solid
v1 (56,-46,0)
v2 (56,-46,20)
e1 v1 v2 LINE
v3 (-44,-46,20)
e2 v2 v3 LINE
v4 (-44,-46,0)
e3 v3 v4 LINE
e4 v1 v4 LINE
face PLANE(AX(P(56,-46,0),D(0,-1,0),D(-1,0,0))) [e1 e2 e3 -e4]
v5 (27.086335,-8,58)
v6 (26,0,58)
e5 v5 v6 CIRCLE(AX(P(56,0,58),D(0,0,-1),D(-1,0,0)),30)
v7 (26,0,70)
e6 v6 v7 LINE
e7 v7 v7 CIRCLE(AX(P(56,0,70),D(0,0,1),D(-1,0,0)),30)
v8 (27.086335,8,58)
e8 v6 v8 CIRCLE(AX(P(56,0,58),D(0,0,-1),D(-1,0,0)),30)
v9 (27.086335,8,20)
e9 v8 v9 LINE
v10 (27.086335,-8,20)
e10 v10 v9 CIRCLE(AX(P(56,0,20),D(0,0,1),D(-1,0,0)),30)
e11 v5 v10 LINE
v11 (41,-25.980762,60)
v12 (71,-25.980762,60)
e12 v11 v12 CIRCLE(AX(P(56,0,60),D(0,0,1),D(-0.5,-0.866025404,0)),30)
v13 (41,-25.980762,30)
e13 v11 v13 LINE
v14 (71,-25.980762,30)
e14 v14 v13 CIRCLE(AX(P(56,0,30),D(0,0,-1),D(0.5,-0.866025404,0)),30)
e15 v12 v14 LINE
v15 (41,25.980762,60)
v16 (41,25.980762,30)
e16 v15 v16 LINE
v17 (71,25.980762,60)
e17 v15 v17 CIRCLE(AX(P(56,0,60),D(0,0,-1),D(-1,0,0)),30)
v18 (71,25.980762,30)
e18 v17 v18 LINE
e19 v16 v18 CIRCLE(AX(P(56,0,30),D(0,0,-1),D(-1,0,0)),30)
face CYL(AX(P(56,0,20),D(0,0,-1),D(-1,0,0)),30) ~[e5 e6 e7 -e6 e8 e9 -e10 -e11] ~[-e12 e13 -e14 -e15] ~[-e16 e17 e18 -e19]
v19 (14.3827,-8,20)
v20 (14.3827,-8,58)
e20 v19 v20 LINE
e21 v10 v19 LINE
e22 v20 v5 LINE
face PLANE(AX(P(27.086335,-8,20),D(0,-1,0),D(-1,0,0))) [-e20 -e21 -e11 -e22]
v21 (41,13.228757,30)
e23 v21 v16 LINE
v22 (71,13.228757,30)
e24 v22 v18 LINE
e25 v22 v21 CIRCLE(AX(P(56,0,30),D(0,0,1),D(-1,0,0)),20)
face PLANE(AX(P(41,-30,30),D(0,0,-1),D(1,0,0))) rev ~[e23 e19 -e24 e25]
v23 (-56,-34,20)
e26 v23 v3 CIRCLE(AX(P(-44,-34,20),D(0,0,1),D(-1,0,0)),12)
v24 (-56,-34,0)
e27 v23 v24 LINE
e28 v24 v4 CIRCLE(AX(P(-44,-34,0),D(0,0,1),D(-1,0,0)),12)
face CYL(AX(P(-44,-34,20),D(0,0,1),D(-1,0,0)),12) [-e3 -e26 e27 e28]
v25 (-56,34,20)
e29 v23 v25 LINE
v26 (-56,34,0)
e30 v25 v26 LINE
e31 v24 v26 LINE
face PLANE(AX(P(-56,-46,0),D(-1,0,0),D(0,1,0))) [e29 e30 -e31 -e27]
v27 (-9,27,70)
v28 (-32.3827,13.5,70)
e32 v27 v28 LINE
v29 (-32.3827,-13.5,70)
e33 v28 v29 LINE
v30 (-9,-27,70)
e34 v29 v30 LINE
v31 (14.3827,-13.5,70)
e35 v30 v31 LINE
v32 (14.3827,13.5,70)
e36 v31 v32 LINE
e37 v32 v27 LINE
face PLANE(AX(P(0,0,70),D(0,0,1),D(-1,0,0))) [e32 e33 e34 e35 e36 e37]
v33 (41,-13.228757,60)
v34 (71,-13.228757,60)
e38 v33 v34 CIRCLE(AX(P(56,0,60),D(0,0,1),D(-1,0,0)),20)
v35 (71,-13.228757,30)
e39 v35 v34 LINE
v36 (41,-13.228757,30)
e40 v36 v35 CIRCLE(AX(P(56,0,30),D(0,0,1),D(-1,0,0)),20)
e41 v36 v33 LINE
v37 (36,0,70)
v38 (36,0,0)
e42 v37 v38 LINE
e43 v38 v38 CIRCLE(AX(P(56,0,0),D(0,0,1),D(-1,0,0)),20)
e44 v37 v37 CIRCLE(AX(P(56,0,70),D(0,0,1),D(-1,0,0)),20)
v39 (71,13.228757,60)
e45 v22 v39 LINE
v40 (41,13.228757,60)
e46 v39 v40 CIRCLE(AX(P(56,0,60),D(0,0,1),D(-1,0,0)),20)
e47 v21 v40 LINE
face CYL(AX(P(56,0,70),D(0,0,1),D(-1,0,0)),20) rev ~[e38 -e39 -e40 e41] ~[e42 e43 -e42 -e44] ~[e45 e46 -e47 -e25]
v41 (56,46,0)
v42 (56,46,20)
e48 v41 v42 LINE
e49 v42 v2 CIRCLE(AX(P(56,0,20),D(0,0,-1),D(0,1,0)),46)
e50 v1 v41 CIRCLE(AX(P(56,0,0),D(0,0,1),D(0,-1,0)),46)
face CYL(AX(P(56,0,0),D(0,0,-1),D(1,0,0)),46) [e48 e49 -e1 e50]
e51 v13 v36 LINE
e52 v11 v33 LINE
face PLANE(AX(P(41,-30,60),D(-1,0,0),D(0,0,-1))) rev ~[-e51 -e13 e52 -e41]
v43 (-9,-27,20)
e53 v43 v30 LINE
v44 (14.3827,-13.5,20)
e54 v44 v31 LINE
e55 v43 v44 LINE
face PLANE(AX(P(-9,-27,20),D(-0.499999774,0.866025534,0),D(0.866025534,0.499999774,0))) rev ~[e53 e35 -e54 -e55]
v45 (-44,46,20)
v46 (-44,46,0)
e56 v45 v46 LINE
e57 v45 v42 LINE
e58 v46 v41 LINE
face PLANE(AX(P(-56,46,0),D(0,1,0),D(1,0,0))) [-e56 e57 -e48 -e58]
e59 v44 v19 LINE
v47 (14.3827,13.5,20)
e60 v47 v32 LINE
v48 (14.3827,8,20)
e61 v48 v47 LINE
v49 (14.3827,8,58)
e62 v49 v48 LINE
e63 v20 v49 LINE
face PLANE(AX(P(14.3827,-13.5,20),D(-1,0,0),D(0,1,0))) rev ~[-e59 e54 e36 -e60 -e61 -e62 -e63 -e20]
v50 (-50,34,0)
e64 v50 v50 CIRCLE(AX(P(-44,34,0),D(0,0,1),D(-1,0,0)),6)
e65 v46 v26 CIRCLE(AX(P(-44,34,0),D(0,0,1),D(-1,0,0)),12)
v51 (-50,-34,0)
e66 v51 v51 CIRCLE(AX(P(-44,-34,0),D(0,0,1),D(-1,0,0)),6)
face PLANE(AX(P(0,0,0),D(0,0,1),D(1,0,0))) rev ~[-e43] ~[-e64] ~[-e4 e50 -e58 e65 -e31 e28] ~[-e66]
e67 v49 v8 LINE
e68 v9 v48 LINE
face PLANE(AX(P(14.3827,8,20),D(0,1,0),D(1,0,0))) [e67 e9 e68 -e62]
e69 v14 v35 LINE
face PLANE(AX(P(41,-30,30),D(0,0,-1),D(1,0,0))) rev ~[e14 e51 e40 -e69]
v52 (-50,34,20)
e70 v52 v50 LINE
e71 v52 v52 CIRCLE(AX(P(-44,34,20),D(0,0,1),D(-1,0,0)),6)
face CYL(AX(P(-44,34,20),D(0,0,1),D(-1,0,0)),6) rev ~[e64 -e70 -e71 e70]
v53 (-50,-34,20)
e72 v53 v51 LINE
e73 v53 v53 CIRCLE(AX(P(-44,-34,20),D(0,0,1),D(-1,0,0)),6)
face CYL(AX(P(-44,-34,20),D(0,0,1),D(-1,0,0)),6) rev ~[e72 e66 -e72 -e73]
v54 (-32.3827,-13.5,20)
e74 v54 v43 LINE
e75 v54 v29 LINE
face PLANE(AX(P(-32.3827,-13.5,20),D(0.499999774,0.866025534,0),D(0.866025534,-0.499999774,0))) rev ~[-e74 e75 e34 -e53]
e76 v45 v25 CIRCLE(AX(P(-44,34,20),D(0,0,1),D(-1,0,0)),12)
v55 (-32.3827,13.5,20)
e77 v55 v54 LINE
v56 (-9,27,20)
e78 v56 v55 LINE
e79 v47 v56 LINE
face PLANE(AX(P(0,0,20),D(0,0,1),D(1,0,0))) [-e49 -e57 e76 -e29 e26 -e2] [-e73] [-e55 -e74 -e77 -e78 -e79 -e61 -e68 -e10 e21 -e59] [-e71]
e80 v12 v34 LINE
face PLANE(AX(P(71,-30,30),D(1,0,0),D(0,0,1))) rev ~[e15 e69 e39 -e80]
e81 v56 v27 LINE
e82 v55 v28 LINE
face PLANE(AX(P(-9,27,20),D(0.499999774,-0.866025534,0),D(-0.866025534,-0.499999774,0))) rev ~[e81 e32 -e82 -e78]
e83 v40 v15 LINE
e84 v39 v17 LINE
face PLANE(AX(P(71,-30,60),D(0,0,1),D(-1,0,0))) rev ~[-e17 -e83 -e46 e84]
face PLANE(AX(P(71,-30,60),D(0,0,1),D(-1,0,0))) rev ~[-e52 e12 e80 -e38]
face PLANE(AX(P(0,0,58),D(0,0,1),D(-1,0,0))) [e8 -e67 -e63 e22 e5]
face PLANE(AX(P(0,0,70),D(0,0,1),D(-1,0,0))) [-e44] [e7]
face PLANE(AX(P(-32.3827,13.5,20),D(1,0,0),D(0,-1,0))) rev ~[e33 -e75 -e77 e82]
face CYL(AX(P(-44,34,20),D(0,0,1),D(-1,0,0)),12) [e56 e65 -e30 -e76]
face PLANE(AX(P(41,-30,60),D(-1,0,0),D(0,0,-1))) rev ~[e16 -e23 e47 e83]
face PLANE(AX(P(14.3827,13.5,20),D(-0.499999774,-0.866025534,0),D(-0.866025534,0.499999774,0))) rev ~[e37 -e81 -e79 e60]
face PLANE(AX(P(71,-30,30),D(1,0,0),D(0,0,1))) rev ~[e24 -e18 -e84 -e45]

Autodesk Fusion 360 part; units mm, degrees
sketch "Sketch1" plane through (0, 0, 0) normal (0, 0, 1) x (1, 0, 0)
  line L0 (-56, 46) -> (56, 46)
  line L1 (56, 46) -> (56, -46)
  line L2 (56, -46) -> (-56, -46)
  line L3 (-56, -46) -> (-56, 46)
  line L4 (-56, 46) -> (56, -46) construction
  line L5 (56, 46) -> (-56, -46) construction
  dimension "d1" = 92
  dimension "d2" = 112
extrude "Extrude1" add sketch "Sketch1" along normal blind 20
sketch "Sketch2" plane through (0, 0, 0) normal (0, 0, -1) x (1, 0, 0)
  line L0 (56, 46) -> (-56, 46)
  line L1 (-56, 46) -> (-56, -46)
  line L2 (-56, -46) -> (56, -46)
  line L3 (56, -46) -> (56, 46)
  circle A0 centre (56, 0) radius 46
  dimension "d5" = 92
extrude "Extrude2" add sketch "Sketch2" against normal blind 20 contours L3 A0 picked at (67.5882, 10.0412)
sketch "Sketch3" plane through (0, 0, 20) normal (0, 0, 1) x (-1, 0, 0)
  line L0 (56, 46) -> (-56, 46)
  arc A0 (-56, 46) -> (-56, -46) centre (-56, 0) ccw
  line L1 (-56, -46) -> (56, -46)
  line L2 (56, -46) -> (56, 46)
  circle A1 centre (-56, 0) radius 30
  dimension "d8" = 60
extrude "Extrude3" add sketch "Sketch3" along normal blind 50 contours A1
ref_plane "WorkPlane1" through (56, -30, 48.1933) normal (0, -1, 0) x (-1, 0, 0)
sketch "Sketch4" plane through (56, -30, 48.1933) normal (0, -1, 0) x (1, 0, 0)
  line L0 (30, 21.8067) -> (-30, 21.8067)
  line L1 (0, -48.1933) -> (46, -48.1933)
  line L2 (46, -28.1933) -> (30, -28.1933)
  line L3 (-112, -48.1933) -> (-112, -28.1933)
  line L4 (-112, -48.1933) -> (0, -48.1933)
  line L5 (-30, -28.1933) -> (-112, -28.1933)
  line L6 (30, -28.1933) -> (30, 21.8067)
  line L7 (-30, -28.1933) -> (-30, 21.8067)
  line L8 (46, -48.1933) -> (46, -28.1933)
  line L9 (0, 21.8067) -> (0, 11.8067) construction
  line L10 (0, 11.8067) -> (0, -3.1933) construction
  line L11 (15, 11.8067) -> (-15, 11.8067)
  line L12 (-15, 11.8067) -> (-15, -18.1933)
  line L13 (-15, -18.1933) -> (15, -18.1933)
  line L14 (15, -18.1933) -> (15, 11.8067)
  line L15 (15, 11.8067) -> (-15, -18.1933) construction
  line L16 (-15, 11.8067) -> (15, -18.1933) construction
  point P0 (0, -3.1933)
  dimension "d12" = 10
  dimension "d13" = 15
  dimension "d14" = 30
  dimension "d15" = 30
extrude "Extrude4" cut sketch "Sketch4" against normal blind 100 contours L11 L12 L13 L14
sketch "Sketch5" plane through (0, 0, 70) normal (0, 0, 1) x (-1, 0, 0)
  circle A0 centre (-56, 0) radius 30
  circle A1 centre (-56, 0) radius 20
  dimension "d18" = 40
extrude "Extrude5" cut sketch "Sketch5" against normal blind 120 contours A1
sketch "Sketch6" plane through (0, 0, 20) normal (0, 0, 1) x (-1, 0, 0)
  circle A0 centre (-56, 0) radius 30
  line L0 (56, 46) -> (-56, 46)
  arc A1 (-56, 46) -> (-56, -46) centre (-56, 0) ccw
  line L1 (-56, -46) -> (56, -46)
  line L2 (56, -46) -> (56, 46)
  line L3 (56, -46) -> (56, -34) construction
  line L4 (56, -34) -> (44, -34) construction
  circle A2 centre (44, -34) radius 12
  line L5 (56, 46) -> (56, 34) construction
  line L6 (56, 34) -> (44, 34) construction
  circle A3 centre (44, 34) radius 12
  circle A4 centre (44, 34) radius 6
  circle A5 centre (44, -34) radius 6
  dimension "d21" = 12
  dimension "d22" = 12
  dimension "d23" = 24
  dimension "d24" = 12
  dimension "d25" = 12
  dimension "d26" = 24
  dimension "d27" = 12
  dimension "d28" = 12
extrude "Extrude6" cut sketch "Sketch6" against normal blind 30 contours A4 | A5
sketch "Sketch7" plane through (0, 0, 20) normal (0, 0, 1) x (-1, 0, 0)
  circle A0 centre (44, -34) radius 6
  circle A1 centre (44, 34) radius 6
  circle A2 centre (-56, 0) radius 30
  line L0 (56, 46) -> (-56, 46)
  arc A3 (-56, 46) -> (-56, -46) centre (-56, 0) ccw
  line L1 (-56, -46) -> (56, -46)
  line L2 (56, -46) -> (56, 46)
  circle A4 centre (44, -34) radius 12
  circle A5 centre (44, 34) radius 12
  dimension "d31" = 24
  dimension "d32" = 24
extrude "Extrude7" cut sketch "Sketch7" against normal blind 40 contours L0 L2 A5 | L1 L2 A4
sketch "Sketch8" plane through (0, 0, 20) normal (0, 0, 1) x (-1, 0, 0)
  arc A0 (56, 34) -> (44, 46) centre (44, 34) ccw
  line L0 (44, 46) -> (-56, 46)
  arc A1 (-56, 46) -> (-56, -46) centre (-56, 0) ccw
  line L1 (-56, -46) -> (44, -46)
  arc A2 (44, -46) -> (56, -34) centre (44, -34) ccw
  line L2 (56, -34) -> (56, 34)
  circle A3 centre (44, -34) radius 6
  circle A4 centre (44, 34) radius 6
  circle A5 centre (-56, 0) radius 30
  line L3 (44, -34) -> (9, -34) construction
  line L4 (9, 34) -> (9, 0) construction
  line L5 (9, -27) -> (32.3827, -13.5)
  line L6 (32.3827, -13.5) -> (32.3827, 13.5)
  line L7 (32.3827, 13.5) -> (9, 27)
  line L8 (9, 27) -> (-14.3827, 13.5)
  line L9 (-14.3827, 13.5) -> (-14.3827, -13.5)
  line L10 (-14.3827, -13.5) -> (9, -27)
  line L11 (9, -34) -> (9, -27)
  arc A6 (-14.3827, -11.3688) -> (-12.537, -14.5656) centre (9, 0) ccw construction
  arc A7 (-12.537, 14.5656) -> (-14.3827, 11.3688) centre (9, 0) ccw construction
  arc A8 (10.8457, 25.9344) -> (7.1543, 25.9344) centre (9, 0) ccw construction
  arc A9 (10.8457, -25.9344) -> (32.3827, -11.3688) centre (9, 0) ccw construction
  arc A10 (32.3827, 11.3688) -> (30.537, 14.5656) centre (9, 0) ccw construction
  point P0 (9, 0)
  dimension "d35" = 35
  dimension "d36" = 52
extrude "Extrude8" add sketch "Sketch8" along normal blind 50 contours L5 L6 L7 L8 L9 L10
sketch "Sketch9" plane through (0, 0, 20) normal (0, 0, 1) x (-1, 0, 0)
  line L0 (-14.3827, -13.5) -> (-14.3827, 13.5)
  line L1 (-14.3827, 13.5) -> (9, 27)
  line L2 (9, 27) -> (32.3827, 13.5)
  line L3 (32.3827, 13.5) -> (32.3827, -13.5)
  line L4 (32.3827, -13.5) -> (9, -27)
  line L5 (9, -27) -> (-14.3827, -13.5)
  arc A0 (56, 34) -> (44, 46) centre (44, 34) ccw
  line L6 (44, 46) -> (-56, 46)
  arc A1 (-56, 46) -> (-56, -46) centre (-56, 0) ccw
  line L7 (-56, -46) -> (44, -46)
  arc A2 (44, -46) -> (56, -34) centre (44, -34) ccw
  line L8 (56, -34) -> (56, 34)
  circle A3 centre (44, -34) radius 6
  circle A4 centre (44, 34) radius 6
  circle A5 centre (-56, 0) radius 30
  line L9 (-14.3827, -13.5) -> (9, -27)
  line L10 (9, -27) -> (32.3827, -13.5)
  line L11 (32.3827, -13.5) -> (32.3827, 13.5)
  line L12 (32.3827, 13.5) -> (9, 27)
  line L13 (9, 27) -> (-14.3827, 13.5)
  line L14 (-14.3827, 13.5) -> (-14.3827, -13.5)
  circle A6 centre (-56, 0) radius 20
  circle A7 centre (-56, 0) radius 30
  line L15 (-10, 0) -> (-29.7237, 0) construction
  line L16 (-10, 0) -> (-10, -8) construction
  line L17 (-10, -8) -> (-32.4254, -8)
  line L18 (-32.4254, -8) -> (-32.4254, 8)
  line L19 (-32.4254, 8) -> (-10, 8)
  line L20 (-10, 8) -> (-10, -8)
  dimension "d39" = 8
  dimension "d40" = 16
extrude "Extrude9" add sketch "Sketch9" along normal blind 38 contours L0 A5 L14 A7 L17 L19 | L0 L14 L17 L19 L20 | A5 A7 L17 L18 L19 picked at (-30.2836, 0)
equation "d1 = 68 mm + 12 mm + 12 mm"
equation "d5 = 46 mm + 46 mm"
equation "d41 = 50 mm - 12 mm"
